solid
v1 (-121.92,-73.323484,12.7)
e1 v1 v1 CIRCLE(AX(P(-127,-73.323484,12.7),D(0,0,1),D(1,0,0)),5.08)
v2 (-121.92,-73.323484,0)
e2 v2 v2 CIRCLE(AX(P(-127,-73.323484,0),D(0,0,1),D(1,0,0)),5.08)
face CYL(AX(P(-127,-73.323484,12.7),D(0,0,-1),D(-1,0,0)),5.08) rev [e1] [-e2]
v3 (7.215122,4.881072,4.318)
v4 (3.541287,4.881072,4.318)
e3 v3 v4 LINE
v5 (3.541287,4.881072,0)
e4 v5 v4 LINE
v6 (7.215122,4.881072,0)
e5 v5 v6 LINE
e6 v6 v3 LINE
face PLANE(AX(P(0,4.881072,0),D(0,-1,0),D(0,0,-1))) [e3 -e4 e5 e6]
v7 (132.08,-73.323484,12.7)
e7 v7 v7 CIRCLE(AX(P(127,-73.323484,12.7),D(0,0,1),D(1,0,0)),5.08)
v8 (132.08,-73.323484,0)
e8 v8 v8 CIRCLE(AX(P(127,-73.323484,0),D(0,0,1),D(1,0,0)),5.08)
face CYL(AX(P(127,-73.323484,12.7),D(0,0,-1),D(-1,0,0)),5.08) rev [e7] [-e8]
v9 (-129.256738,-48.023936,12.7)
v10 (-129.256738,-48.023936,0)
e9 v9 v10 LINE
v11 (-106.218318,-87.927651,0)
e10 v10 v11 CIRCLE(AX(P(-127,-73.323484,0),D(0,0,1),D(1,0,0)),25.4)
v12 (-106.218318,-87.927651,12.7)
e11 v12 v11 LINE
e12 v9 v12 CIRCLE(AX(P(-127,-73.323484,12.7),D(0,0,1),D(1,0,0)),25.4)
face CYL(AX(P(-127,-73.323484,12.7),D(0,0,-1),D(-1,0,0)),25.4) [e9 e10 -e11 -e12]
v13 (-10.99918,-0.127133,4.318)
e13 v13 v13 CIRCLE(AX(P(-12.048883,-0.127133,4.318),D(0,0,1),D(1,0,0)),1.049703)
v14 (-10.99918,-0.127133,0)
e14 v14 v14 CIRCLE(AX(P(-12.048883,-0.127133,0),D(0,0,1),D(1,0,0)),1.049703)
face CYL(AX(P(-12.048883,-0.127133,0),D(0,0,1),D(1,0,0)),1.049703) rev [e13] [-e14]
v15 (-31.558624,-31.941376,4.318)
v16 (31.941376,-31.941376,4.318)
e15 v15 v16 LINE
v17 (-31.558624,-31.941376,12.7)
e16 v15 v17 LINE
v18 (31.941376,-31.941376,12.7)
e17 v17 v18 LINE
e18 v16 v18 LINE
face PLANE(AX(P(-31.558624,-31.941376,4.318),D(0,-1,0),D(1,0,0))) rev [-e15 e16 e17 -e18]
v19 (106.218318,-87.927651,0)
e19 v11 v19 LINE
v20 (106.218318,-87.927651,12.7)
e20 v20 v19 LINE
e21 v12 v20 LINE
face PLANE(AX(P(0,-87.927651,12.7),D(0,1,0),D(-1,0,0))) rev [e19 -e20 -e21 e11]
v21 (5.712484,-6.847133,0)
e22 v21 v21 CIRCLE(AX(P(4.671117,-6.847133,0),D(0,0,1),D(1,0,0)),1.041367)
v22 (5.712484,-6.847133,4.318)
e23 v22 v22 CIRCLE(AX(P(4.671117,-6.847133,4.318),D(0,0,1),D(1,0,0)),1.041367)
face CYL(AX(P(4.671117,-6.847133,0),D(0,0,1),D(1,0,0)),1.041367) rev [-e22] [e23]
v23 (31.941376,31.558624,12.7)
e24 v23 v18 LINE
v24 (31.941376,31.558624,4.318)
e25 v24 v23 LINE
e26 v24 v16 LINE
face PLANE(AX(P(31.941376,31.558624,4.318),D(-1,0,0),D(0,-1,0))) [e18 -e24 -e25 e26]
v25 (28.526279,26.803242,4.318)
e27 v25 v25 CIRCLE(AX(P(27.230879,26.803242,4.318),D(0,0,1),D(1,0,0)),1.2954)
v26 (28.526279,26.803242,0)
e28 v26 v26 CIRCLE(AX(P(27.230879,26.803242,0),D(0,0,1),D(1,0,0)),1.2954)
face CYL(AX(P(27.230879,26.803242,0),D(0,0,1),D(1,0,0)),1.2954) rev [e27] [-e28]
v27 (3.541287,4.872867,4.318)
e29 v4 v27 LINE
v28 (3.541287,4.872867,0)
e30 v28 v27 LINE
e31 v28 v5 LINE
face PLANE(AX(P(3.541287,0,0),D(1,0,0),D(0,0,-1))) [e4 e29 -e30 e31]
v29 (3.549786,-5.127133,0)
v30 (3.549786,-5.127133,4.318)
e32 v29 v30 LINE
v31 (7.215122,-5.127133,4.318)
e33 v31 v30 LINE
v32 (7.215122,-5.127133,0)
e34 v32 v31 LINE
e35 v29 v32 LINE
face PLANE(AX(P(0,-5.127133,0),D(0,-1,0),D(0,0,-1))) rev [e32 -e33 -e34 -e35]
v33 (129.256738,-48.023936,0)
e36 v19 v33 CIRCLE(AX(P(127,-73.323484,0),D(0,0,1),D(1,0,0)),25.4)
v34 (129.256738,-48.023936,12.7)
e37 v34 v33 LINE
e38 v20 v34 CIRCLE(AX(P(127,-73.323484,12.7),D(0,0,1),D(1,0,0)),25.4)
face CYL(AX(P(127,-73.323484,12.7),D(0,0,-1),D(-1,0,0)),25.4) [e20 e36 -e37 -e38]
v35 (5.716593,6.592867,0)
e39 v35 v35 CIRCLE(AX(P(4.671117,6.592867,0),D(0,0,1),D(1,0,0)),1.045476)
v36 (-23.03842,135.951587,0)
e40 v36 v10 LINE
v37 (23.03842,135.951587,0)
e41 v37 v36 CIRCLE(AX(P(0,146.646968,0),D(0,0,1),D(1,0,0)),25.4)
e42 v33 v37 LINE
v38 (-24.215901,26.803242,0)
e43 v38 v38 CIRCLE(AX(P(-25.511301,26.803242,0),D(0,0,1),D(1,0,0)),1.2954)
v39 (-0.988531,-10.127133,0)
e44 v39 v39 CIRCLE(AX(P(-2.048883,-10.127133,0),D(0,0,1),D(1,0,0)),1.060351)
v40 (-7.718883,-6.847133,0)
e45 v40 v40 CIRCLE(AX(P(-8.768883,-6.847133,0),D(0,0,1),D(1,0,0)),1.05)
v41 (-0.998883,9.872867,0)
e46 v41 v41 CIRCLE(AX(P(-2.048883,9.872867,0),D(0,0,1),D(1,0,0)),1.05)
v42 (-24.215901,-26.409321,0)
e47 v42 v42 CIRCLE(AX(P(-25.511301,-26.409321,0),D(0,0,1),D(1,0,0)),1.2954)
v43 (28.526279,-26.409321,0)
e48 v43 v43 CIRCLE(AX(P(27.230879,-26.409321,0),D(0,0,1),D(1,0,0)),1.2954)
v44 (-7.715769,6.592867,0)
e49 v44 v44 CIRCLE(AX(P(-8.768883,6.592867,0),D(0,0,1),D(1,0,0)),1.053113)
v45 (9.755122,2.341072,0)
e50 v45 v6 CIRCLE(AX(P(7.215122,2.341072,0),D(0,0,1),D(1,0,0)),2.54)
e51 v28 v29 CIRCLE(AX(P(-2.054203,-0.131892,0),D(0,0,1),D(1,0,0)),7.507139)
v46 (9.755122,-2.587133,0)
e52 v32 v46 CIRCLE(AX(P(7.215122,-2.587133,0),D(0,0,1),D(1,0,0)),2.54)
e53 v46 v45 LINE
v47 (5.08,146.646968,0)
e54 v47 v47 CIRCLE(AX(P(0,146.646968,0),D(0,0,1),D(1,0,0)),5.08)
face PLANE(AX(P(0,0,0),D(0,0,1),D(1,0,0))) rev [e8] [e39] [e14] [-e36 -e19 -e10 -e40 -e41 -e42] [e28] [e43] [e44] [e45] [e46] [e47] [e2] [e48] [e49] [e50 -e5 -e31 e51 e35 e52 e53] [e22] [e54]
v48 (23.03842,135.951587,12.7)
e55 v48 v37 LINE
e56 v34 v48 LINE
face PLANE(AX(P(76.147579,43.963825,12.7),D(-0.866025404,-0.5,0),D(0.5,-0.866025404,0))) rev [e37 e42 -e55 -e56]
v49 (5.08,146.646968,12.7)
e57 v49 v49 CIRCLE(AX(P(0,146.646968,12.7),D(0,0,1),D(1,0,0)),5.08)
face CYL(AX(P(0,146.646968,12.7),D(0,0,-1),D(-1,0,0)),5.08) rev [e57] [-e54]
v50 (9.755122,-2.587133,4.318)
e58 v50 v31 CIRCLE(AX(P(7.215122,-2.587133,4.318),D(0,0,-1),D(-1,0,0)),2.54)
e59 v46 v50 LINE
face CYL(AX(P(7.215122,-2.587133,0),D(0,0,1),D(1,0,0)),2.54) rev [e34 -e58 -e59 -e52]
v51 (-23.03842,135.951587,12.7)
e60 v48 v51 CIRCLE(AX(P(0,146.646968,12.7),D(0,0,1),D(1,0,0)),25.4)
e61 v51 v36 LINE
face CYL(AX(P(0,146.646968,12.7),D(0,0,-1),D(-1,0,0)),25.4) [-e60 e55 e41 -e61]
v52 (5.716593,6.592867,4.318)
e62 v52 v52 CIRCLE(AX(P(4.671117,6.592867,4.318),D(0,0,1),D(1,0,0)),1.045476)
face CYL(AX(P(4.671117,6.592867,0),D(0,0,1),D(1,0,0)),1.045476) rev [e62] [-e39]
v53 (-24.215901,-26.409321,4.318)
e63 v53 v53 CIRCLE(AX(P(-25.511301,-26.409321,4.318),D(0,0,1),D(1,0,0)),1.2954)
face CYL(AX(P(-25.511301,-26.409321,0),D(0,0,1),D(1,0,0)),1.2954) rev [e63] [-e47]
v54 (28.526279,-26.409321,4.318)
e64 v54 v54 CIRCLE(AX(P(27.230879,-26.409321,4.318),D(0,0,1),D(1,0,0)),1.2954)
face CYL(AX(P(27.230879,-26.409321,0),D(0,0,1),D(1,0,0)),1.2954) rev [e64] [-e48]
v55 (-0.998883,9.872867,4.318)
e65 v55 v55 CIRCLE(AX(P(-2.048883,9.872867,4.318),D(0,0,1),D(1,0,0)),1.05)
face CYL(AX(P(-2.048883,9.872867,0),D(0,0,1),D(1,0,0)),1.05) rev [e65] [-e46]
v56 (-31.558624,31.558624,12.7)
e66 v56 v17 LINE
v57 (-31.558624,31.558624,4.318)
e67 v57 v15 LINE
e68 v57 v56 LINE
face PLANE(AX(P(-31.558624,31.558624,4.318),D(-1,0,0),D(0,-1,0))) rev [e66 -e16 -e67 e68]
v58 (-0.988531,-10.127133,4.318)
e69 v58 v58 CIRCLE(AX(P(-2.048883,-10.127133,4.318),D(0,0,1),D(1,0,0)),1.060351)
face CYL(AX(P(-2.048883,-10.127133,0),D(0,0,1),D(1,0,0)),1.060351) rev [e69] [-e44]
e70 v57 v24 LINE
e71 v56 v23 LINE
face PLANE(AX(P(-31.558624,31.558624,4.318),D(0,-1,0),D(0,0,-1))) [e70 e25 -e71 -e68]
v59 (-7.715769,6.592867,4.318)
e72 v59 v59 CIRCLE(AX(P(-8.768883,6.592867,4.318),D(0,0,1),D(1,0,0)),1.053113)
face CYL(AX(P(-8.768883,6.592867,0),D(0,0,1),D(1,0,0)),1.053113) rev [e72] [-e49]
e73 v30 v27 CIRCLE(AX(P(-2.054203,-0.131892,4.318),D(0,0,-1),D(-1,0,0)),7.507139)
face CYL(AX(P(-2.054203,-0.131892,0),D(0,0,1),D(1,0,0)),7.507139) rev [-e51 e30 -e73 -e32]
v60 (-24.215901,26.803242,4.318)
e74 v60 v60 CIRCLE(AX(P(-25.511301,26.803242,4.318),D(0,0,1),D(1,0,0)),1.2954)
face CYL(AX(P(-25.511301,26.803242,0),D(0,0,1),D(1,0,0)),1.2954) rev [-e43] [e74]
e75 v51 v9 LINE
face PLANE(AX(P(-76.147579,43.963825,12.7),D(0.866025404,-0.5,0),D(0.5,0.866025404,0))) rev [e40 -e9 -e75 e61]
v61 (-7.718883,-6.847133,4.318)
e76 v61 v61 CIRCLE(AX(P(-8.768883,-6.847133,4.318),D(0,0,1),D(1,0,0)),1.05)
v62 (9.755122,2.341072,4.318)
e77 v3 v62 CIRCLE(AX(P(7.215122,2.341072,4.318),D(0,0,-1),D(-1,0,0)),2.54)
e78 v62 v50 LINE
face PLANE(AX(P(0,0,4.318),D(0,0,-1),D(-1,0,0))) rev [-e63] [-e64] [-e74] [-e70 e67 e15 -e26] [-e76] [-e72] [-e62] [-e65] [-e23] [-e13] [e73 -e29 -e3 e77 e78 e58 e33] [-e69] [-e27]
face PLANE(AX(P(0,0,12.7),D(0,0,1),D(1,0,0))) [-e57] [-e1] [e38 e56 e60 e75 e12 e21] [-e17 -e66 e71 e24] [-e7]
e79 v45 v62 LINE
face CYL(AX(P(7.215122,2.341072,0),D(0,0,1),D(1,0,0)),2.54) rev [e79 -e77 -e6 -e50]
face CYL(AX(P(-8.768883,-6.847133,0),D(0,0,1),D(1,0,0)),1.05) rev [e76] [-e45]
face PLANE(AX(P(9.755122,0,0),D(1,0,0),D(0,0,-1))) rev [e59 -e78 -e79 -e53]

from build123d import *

# Parameters (mm, degrees)
BOSS_EXTRUDE9_DEPTH      = 12.7
SKETCH2_R                = 5.08
CUT_EXTRUDE1_DEPTH       = 1
CUT_EXTRUDE1_DEPTH_BACK  = 13.7
SKETCH4_R                = 5.08
CUT_EXTRUDE3_DEPTH       = 13.7
SKETCH6_W                = 63.5
SKETCH6_H                = 63.5
CUT_EXTRUDE10_DEPTH      = 8.382
SKETCH8_R                = 1.2954
CUT_EXTRUDE13_DEPTH      = 5.318
SKETCH20_R               = 1.045475937
SKETCH20_R_2             = 1.05
SKETCH20_R_3             = 1.053113333
SKETCH20_R_4             = 1.049702702
SKETCH20_R_5             = 1.060351353
SKETCH20_R_6             = 1.041366857
CUT_EXTRUDE14_DEPTH      = 5.318
SKETCH22_R               = 7.507138663
CUT_EXTRUDE15_DEPTH      = 12.742239248
SKETCH26_R               = 5.08
CUT_EXTRUDE16_DEPTH      = 1
CUT_EXTRUDE16_DEPTH_BACK = 13.7


with BuildPart() as part:
    # Sketch1 → Boss-Extrude9 (new body)
    with BuildSketch(Plane.XY):
        with BuildLine():
            Line((129.25673796, -48.023936093), (23.038420334, 135.95158673))
            ThreePointArc((23.038420334, 135.95158673), (0, 172.046968374), (-23.038420334, 135.95158673))
            Line((-23.038420334, 135.95158673), (-129.25673796, -48.023936093))
            ThreePointArc((-129.25673796, -48.023936093), (-148.997045256, -86.023484187), (-106.218317626, -87.927650637))
            Line((-106.218317626, -87.927650637), (106.218317626, -87.927650637))
            ThreePointArc((106.218317626, -87.927650637), (148.997045256, -86.023484187), (129.25673796, -48.023936093))
        make_face()
        with BuildLine():
            ThreePointArc((-121.92, -73.323484187), (-131.399409051, -75.863484187), (-124.46, -68.924075136))
            Line((-124.46, -68.924075136), (-127, -73.323484187))
            Line((-127, -73.323484187), (-121.92, -73.323484187))
        make_face(mode=Mode.SUBTRACT)
        with BuildLine():
            ThreePointArc((124.46, -68.924075136), (131.399409051, -75.863484187), (121.92, -73.323484187))
            Line((121.92, -73.323484187), (127, -73.323484187))
            Line((127, -73.323484187), (124.46, -68.924075136))
        make_face(mode=Mode.SUBTRACT)
        with BuildLine():
            ThreePointArc((-2.54, 142.247559323), (0, 151.726968374), (2.54, 142.247559323))
            Line((2.54, 142.247559323), (0, 146.646968374))
            Line((0, 146.646968374), (-2.54, 142.247559323))
        make_face(mode=Mode.SUBTRACT)
    extrude(amount=BOSS_EXTRUDE9_DEPTH)

    # Sketch2 → Cut-Extrude1 (cut, two sides)
    with BuildSketch(Plane.XY.offset(12.7)) as cut_extrude1_sk:
        with Locations((127, -73.323484187)):
            Circle(SKETCH2_R)
    extrude(amount=CUT_EXTRUDE1_DEPTH, mode=Mode.SUBTRACT)
    extrude(cut_extrude1_sk.sketch, amount=-CUT_EXTRUDE1_DEPTH_BACK, mode=Mode.SUBTRACT)

    # Sketch4 → Cut-Extrude3 (cut, through all)
    with BuildSketch(Plane.XY.offset(12.7)):
        with Locations((0, 146.646968374)):
            Circle(SKETCH4_R)
    extrude(amount=-CUT_EXTRUDE3_DEPTH, mode=Mode.SUBTRACT)

    # Sketch6 → Cut-Extrude10 (cut)
    with BuildSketch(Plane.XY.offset(12.7)):
        with Locations((0.191375803, -0.191375803)):
            Rectangle(SKETCH6_W, SKETCH6_H)
    extrude(amount=-CUT_EXTRUDE10_DEPTH, mode=Mode.SUBTRACT)

    # Sketch8 → Cut-Extrude13 (cut, through all)
    with BuildSketch(Plane.XY.offset(4.318)):
        with Locations((-25.511301342, -26.409321294)):
            Circle(SKETCH8_R)
        with Locations((-25.511301342, 26.803242123)):
            Circle(SKETCH8_R)
        with Locations((27.230878657, 26.803242123)):
            Circle(SKETCH8_R)
        with Locations((27.230878657, -26.409321294)):
            Circle(SKETCH8_R)
    extrude(amount=-CUT_EXTRUDE13_DEPTH, mode=Mode.SUBTRACT)

    # Sketch20 → Cut-Extrude14 (cut, through all)
    with BuildSketch(Plane.XY.offset(4.318)):
        with Locations((4.671117374, 6.592866865)):
            Circle(SKETCH20_R)
        with Locations((-2.048882626, 9.872866865)):
            Circle(SKETCH20_R_2)
        with Locations((-8.768882626, 6.592866865)):
            Circle(SKETCH20_R_3)
        with Locations((-12.048882626, -0.127133135)):
            Circle(SKETCH20_R_4)
        with Locations((-2.048882626, -10.127133135)):
            Circle(SKETCH20_R_5)
        with Locations((-8.768882626, -6.847133135)):
            Circle(SKETCH20_R_2)
        with Locations((4.671117374, -6.847133135)):
            Circle(SKETCH20_R_6)
    extrude(amount=-CUT_EXTRUDE14_DEPTH, mode=Mode.SUBTRACT)

    # Sketch22 → Cut-Extrude15 (cut, through all)
    with BuildSketch(Plane.XY.offset(11.742239248)):
        with Locations((-2.054203471, -0.131892244)):
            Circle(SKETCH22_R)
        with BuildLine():
            Line((3.541287317, -5.127133135), (7.21512242, -5.127133135))
            ThreePointArc((7.21512242, -5.127133135), (9.011173644, -4.38318436), (9.75512242, -2.587133135))
            Line((9.75512242, -2.587133135), (9.75512242, 2.341072368))
            ThreePointArc((9.75512242, 2.341072368), (9.011173644, 4.137123592), (7.21512242, 4.881072368))
            Line((7.21512242, 4.881072368), (3.541287317, 4.881072368))
            Line((3.541287317, 4.881072368), (3.541287317, -5.127133135))
        make_face()
    extrude(amount=-CUT_EXTRUDE15_DEPTH, mode=Mode.SUBTRACT)

    # Sketch26 → Cut-Extrude16 (cut, two sides)
    with BuildSketch(Plane.XY.offset(12.7)) as cut_extrude16_sk:
        with Locations((-127, -73.323484187)):
            Circle(SKETCH26_R)
    extrude(amount=CUT_EXTRUDE16_DEPTH, mode=Mode.SUBTRACT)
    extrude(cut_extrude16_sk.sketch, amount=-CUT_EXTRUDE16_DEPTH_BACK, mode=Mode.SUBTRACT)


solid = part.part
